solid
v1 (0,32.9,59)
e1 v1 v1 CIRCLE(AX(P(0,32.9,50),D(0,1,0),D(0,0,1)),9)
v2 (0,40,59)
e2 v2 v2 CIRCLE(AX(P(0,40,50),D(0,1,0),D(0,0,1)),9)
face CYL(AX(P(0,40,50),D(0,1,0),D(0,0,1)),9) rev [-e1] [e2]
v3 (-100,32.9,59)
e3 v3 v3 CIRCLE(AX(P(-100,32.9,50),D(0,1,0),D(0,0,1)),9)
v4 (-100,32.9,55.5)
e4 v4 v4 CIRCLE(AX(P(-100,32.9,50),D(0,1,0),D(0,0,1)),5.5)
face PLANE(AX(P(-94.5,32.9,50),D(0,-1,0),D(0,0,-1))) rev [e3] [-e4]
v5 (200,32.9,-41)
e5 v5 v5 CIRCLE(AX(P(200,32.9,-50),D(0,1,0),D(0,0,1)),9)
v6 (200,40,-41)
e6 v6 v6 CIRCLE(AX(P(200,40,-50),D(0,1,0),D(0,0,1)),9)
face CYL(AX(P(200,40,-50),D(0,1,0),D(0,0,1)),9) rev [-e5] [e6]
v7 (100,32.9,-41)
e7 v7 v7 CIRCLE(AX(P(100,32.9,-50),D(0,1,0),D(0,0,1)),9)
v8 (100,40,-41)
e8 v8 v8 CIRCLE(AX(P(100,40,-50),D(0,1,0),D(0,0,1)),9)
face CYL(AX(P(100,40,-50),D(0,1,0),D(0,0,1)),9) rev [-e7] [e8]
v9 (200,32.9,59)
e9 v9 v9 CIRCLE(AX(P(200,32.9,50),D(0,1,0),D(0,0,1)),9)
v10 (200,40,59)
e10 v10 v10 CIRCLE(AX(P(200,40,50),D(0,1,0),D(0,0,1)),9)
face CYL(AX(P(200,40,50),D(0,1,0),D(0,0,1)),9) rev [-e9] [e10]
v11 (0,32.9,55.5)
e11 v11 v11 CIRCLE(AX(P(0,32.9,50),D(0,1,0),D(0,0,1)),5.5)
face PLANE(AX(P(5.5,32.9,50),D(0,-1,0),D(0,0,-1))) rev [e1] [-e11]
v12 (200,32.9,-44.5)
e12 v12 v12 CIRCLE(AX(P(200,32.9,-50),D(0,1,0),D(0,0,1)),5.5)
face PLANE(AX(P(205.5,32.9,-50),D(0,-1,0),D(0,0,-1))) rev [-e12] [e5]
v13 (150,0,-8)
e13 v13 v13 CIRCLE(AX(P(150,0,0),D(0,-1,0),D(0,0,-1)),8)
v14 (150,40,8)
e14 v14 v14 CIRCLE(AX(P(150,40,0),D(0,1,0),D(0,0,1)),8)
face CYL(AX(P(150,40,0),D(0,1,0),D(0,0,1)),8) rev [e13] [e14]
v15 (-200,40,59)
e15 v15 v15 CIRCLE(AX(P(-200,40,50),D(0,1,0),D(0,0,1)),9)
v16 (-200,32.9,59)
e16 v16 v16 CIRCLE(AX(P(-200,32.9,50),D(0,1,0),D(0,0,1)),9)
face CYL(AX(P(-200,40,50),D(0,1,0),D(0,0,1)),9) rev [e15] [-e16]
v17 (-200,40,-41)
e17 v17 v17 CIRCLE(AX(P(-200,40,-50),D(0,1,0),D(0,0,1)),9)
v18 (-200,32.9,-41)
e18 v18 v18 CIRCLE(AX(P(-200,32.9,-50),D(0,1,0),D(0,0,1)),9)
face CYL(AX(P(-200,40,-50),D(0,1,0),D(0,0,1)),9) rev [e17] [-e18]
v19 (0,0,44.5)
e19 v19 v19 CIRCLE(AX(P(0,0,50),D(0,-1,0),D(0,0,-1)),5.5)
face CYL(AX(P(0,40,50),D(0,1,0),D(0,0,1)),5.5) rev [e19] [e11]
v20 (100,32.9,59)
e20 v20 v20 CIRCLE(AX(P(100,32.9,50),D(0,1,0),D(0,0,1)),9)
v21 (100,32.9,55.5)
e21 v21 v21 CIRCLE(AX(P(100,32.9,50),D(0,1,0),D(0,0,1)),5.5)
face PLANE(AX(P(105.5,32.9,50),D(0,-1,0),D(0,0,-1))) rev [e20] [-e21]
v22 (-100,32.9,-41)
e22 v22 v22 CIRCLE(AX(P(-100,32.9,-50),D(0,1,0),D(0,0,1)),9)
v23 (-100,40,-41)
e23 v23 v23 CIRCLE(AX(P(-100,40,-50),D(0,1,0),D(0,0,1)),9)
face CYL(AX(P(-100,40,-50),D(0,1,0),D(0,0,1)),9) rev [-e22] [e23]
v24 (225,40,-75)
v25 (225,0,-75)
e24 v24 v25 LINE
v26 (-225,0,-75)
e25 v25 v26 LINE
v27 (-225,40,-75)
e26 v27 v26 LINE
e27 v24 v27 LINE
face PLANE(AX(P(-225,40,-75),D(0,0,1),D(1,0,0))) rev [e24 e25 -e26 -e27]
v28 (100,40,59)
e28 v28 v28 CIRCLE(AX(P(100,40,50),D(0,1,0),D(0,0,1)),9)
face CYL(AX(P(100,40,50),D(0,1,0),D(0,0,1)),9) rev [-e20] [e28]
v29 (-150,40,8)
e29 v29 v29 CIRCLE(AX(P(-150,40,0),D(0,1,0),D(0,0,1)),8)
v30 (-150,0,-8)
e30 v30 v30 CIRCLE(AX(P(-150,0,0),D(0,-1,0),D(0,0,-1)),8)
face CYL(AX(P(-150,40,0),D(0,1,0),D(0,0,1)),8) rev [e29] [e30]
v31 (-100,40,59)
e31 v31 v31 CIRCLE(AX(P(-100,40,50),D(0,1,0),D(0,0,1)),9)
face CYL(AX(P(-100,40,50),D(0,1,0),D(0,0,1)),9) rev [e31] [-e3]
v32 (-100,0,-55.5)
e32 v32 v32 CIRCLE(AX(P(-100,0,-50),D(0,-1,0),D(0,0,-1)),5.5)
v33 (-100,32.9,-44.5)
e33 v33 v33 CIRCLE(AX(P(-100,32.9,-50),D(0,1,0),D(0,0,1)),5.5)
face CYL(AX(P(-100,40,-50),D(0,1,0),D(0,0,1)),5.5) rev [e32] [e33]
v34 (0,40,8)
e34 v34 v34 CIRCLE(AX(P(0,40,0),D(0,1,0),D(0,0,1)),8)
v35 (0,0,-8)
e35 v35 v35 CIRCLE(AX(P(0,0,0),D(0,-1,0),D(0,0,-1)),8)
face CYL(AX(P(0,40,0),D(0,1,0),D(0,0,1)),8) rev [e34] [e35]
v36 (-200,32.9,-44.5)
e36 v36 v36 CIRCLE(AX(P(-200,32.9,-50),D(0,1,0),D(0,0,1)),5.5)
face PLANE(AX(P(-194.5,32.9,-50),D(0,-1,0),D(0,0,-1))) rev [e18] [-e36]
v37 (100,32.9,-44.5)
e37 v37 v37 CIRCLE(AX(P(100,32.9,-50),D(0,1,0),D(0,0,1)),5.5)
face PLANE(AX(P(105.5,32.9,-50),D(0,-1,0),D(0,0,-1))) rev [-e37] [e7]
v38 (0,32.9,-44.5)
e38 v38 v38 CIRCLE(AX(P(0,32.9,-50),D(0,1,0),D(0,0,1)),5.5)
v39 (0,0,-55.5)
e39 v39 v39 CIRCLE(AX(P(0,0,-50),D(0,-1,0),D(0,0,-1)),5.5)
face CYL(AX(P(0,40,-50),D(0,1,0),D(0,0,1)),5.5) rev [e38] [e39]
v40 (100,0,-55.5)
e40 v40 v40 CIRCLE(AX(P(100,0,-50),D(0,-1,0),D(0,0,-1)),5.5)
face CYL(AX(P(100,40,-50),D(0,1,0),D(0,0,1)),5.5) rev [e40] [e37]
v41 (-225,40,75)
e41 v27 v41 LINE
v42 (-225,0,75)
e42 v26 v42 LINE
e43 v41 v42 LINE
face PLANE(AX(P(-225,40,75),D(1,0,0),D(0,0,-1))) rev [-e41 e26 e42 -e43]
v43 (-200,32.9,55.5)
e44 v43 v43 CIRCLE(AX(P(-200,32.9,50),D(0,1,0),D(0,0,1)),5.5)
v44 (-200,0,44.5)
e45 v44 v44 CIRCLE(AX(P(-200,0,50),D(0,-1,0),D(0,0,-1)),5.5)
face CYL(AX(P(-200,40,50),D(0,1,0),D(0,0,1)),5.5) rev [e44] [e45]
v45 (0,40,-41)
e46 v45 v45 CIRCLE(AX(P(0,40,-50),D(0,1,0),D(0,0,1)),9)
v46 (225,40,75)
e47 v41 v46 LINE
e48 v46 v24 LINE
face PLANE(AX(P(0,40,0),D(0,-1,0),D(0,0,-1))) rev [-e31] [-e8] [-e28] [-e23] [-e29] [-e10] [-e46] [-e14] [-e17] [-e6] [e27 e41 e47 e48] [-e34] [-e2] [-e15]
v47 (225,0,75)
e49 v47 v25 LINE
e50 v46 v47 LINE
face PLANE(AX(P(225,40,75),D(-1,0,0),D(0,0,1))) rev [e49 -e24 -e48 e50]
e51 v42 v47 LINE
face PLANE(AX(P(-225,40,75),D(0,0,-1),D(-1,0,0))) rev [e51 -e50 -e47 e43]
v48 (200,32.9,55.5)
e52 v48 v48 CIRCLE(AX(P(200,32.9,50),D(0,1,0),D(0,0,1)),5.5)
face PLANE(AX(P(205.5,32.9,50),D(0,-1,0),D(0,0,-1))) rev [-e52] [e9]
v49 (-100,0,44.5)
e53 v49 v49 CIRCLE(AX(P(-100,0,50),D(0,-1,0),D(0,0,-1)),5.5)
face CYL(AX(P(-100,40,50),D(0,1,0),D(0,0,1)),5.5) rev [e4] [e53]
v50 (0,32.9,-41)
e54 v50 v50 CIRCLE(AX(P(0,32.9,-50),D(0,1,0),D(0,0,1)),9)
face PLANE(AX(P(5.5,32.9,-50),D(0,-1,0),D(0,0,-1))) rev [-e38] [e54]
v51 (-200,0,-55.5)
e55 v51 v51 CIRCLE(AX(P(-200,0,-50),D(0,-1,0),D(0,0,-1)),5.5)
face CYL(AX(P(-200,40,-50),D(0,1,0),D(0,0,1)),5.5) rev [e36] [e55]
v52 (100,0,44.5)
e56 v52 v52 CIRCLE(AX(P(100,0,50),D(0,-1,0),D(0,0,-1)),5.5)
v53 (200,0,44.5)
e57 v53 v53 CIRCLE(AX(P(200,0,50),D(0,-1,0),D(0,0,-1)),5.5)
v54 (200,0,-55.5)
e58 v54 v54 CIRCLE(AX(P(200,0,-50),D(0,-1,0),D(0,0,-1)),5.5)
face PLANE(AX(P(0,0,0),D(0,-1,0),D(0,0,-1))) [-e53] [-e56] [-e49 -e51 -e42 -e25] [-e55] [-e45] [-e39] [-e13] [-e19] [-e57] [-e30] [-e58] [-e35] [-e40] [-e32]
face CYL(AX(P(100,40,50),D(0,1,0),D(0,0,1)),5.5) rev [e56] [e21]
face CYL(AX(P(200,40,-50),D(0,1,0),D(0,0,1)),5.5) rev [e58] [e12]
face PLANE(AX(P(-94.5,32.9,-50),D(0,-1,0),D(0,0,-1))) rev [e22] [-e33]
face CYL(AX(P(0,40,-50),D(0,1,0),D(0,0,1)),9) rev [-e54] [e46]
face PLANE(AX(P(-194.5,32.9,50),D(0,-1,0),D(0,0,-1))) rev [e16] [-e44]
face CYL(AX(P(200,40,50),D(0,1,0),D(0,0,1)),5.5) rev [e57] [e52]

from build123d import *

# Parameters (mm, degrees)
ESBO_O1_W                                            = 450
ESBO_O1_H                                            = 150
RESSALTO_EXTRUS_O1_DEPTH                             = 40
REBAIXO_PARA_PARAFUSO_ALLEN_SEXTAVADO_DE_D           = 11
REBAIXO_PARA_PARAFUSO_ALLEN_SEXTAVADO_DE_DEPTH       = 40
REBAIXO_PARA_PARAFUSO_ALLEN_SEXTAVADO_DE_CBORE_D     = 18
REBAIXO_PARA_PARAFUSO_ALLEN_SEXTAVADO_DE_CBORE_DEPTH = 7.1
FURO_ROSCADO_DE_M18X2_0_D                            = 16
FURO_ROSCADO_DE_M18X2_0_DEPTH                        = 40


with BuildPart() as part:
    # Esboço1 → Ressalto-extrusão1 (new body)
    with BuildSketch(Plane(origin=(0, 0, 0), x_dir=(1, 0, 0), z_dir=(0, 1, 0))):
        Rectangle(ESBO_O1_W, ESBO_O1_H)
    extrude(amount=RESSALTO_EXTRUS_O1_DEPTH)

    # Rebaixo para parafuso Allen sextavado de M101
    with Locations(Plane(origin=(0, 40, 0), x_dir=(1, 0, 0), z_dir=(0, 1, 0))):
        with Locations((-200, 50), (-100, 50), (0, 50), (100, 50), (200, 50), (-100, -50), (0, -50), (100, -50), (200, -50), (-200, -50)):
            CounterBoreHole(REBAIXO_PARA_PARAFUSO_ALLEN_SEXTAVADO_DE_D / 2, REBAIXO_PARA_PARAFUSO_ALLEN_SEXTAVADO_DE_CBORE_D / 2, REBAIXO_PARA_PARAFUSO_ALLEN_SEXTAVADO_DE_CBORE_DEPTH, depth=REBAIXO_PARA_PARAFUSO_ALLEN_SEXTAVADO_DE_DEPTH)

    # Furo roscado de M18x2.0
    with Locations(Plane(origin=(0, 40, 0), x_dir=(1, 0, 0), z_dir=(0, 1, 0))):
        with Locations((0, 0), (150, 0), (-150, 0)):
            Hole(FURO_ROSCADO_DE_M18X2_0_D / 2, depth=FURO_ROSCADO_DE_M18X2_0_DEPTH)


solid = part.part
